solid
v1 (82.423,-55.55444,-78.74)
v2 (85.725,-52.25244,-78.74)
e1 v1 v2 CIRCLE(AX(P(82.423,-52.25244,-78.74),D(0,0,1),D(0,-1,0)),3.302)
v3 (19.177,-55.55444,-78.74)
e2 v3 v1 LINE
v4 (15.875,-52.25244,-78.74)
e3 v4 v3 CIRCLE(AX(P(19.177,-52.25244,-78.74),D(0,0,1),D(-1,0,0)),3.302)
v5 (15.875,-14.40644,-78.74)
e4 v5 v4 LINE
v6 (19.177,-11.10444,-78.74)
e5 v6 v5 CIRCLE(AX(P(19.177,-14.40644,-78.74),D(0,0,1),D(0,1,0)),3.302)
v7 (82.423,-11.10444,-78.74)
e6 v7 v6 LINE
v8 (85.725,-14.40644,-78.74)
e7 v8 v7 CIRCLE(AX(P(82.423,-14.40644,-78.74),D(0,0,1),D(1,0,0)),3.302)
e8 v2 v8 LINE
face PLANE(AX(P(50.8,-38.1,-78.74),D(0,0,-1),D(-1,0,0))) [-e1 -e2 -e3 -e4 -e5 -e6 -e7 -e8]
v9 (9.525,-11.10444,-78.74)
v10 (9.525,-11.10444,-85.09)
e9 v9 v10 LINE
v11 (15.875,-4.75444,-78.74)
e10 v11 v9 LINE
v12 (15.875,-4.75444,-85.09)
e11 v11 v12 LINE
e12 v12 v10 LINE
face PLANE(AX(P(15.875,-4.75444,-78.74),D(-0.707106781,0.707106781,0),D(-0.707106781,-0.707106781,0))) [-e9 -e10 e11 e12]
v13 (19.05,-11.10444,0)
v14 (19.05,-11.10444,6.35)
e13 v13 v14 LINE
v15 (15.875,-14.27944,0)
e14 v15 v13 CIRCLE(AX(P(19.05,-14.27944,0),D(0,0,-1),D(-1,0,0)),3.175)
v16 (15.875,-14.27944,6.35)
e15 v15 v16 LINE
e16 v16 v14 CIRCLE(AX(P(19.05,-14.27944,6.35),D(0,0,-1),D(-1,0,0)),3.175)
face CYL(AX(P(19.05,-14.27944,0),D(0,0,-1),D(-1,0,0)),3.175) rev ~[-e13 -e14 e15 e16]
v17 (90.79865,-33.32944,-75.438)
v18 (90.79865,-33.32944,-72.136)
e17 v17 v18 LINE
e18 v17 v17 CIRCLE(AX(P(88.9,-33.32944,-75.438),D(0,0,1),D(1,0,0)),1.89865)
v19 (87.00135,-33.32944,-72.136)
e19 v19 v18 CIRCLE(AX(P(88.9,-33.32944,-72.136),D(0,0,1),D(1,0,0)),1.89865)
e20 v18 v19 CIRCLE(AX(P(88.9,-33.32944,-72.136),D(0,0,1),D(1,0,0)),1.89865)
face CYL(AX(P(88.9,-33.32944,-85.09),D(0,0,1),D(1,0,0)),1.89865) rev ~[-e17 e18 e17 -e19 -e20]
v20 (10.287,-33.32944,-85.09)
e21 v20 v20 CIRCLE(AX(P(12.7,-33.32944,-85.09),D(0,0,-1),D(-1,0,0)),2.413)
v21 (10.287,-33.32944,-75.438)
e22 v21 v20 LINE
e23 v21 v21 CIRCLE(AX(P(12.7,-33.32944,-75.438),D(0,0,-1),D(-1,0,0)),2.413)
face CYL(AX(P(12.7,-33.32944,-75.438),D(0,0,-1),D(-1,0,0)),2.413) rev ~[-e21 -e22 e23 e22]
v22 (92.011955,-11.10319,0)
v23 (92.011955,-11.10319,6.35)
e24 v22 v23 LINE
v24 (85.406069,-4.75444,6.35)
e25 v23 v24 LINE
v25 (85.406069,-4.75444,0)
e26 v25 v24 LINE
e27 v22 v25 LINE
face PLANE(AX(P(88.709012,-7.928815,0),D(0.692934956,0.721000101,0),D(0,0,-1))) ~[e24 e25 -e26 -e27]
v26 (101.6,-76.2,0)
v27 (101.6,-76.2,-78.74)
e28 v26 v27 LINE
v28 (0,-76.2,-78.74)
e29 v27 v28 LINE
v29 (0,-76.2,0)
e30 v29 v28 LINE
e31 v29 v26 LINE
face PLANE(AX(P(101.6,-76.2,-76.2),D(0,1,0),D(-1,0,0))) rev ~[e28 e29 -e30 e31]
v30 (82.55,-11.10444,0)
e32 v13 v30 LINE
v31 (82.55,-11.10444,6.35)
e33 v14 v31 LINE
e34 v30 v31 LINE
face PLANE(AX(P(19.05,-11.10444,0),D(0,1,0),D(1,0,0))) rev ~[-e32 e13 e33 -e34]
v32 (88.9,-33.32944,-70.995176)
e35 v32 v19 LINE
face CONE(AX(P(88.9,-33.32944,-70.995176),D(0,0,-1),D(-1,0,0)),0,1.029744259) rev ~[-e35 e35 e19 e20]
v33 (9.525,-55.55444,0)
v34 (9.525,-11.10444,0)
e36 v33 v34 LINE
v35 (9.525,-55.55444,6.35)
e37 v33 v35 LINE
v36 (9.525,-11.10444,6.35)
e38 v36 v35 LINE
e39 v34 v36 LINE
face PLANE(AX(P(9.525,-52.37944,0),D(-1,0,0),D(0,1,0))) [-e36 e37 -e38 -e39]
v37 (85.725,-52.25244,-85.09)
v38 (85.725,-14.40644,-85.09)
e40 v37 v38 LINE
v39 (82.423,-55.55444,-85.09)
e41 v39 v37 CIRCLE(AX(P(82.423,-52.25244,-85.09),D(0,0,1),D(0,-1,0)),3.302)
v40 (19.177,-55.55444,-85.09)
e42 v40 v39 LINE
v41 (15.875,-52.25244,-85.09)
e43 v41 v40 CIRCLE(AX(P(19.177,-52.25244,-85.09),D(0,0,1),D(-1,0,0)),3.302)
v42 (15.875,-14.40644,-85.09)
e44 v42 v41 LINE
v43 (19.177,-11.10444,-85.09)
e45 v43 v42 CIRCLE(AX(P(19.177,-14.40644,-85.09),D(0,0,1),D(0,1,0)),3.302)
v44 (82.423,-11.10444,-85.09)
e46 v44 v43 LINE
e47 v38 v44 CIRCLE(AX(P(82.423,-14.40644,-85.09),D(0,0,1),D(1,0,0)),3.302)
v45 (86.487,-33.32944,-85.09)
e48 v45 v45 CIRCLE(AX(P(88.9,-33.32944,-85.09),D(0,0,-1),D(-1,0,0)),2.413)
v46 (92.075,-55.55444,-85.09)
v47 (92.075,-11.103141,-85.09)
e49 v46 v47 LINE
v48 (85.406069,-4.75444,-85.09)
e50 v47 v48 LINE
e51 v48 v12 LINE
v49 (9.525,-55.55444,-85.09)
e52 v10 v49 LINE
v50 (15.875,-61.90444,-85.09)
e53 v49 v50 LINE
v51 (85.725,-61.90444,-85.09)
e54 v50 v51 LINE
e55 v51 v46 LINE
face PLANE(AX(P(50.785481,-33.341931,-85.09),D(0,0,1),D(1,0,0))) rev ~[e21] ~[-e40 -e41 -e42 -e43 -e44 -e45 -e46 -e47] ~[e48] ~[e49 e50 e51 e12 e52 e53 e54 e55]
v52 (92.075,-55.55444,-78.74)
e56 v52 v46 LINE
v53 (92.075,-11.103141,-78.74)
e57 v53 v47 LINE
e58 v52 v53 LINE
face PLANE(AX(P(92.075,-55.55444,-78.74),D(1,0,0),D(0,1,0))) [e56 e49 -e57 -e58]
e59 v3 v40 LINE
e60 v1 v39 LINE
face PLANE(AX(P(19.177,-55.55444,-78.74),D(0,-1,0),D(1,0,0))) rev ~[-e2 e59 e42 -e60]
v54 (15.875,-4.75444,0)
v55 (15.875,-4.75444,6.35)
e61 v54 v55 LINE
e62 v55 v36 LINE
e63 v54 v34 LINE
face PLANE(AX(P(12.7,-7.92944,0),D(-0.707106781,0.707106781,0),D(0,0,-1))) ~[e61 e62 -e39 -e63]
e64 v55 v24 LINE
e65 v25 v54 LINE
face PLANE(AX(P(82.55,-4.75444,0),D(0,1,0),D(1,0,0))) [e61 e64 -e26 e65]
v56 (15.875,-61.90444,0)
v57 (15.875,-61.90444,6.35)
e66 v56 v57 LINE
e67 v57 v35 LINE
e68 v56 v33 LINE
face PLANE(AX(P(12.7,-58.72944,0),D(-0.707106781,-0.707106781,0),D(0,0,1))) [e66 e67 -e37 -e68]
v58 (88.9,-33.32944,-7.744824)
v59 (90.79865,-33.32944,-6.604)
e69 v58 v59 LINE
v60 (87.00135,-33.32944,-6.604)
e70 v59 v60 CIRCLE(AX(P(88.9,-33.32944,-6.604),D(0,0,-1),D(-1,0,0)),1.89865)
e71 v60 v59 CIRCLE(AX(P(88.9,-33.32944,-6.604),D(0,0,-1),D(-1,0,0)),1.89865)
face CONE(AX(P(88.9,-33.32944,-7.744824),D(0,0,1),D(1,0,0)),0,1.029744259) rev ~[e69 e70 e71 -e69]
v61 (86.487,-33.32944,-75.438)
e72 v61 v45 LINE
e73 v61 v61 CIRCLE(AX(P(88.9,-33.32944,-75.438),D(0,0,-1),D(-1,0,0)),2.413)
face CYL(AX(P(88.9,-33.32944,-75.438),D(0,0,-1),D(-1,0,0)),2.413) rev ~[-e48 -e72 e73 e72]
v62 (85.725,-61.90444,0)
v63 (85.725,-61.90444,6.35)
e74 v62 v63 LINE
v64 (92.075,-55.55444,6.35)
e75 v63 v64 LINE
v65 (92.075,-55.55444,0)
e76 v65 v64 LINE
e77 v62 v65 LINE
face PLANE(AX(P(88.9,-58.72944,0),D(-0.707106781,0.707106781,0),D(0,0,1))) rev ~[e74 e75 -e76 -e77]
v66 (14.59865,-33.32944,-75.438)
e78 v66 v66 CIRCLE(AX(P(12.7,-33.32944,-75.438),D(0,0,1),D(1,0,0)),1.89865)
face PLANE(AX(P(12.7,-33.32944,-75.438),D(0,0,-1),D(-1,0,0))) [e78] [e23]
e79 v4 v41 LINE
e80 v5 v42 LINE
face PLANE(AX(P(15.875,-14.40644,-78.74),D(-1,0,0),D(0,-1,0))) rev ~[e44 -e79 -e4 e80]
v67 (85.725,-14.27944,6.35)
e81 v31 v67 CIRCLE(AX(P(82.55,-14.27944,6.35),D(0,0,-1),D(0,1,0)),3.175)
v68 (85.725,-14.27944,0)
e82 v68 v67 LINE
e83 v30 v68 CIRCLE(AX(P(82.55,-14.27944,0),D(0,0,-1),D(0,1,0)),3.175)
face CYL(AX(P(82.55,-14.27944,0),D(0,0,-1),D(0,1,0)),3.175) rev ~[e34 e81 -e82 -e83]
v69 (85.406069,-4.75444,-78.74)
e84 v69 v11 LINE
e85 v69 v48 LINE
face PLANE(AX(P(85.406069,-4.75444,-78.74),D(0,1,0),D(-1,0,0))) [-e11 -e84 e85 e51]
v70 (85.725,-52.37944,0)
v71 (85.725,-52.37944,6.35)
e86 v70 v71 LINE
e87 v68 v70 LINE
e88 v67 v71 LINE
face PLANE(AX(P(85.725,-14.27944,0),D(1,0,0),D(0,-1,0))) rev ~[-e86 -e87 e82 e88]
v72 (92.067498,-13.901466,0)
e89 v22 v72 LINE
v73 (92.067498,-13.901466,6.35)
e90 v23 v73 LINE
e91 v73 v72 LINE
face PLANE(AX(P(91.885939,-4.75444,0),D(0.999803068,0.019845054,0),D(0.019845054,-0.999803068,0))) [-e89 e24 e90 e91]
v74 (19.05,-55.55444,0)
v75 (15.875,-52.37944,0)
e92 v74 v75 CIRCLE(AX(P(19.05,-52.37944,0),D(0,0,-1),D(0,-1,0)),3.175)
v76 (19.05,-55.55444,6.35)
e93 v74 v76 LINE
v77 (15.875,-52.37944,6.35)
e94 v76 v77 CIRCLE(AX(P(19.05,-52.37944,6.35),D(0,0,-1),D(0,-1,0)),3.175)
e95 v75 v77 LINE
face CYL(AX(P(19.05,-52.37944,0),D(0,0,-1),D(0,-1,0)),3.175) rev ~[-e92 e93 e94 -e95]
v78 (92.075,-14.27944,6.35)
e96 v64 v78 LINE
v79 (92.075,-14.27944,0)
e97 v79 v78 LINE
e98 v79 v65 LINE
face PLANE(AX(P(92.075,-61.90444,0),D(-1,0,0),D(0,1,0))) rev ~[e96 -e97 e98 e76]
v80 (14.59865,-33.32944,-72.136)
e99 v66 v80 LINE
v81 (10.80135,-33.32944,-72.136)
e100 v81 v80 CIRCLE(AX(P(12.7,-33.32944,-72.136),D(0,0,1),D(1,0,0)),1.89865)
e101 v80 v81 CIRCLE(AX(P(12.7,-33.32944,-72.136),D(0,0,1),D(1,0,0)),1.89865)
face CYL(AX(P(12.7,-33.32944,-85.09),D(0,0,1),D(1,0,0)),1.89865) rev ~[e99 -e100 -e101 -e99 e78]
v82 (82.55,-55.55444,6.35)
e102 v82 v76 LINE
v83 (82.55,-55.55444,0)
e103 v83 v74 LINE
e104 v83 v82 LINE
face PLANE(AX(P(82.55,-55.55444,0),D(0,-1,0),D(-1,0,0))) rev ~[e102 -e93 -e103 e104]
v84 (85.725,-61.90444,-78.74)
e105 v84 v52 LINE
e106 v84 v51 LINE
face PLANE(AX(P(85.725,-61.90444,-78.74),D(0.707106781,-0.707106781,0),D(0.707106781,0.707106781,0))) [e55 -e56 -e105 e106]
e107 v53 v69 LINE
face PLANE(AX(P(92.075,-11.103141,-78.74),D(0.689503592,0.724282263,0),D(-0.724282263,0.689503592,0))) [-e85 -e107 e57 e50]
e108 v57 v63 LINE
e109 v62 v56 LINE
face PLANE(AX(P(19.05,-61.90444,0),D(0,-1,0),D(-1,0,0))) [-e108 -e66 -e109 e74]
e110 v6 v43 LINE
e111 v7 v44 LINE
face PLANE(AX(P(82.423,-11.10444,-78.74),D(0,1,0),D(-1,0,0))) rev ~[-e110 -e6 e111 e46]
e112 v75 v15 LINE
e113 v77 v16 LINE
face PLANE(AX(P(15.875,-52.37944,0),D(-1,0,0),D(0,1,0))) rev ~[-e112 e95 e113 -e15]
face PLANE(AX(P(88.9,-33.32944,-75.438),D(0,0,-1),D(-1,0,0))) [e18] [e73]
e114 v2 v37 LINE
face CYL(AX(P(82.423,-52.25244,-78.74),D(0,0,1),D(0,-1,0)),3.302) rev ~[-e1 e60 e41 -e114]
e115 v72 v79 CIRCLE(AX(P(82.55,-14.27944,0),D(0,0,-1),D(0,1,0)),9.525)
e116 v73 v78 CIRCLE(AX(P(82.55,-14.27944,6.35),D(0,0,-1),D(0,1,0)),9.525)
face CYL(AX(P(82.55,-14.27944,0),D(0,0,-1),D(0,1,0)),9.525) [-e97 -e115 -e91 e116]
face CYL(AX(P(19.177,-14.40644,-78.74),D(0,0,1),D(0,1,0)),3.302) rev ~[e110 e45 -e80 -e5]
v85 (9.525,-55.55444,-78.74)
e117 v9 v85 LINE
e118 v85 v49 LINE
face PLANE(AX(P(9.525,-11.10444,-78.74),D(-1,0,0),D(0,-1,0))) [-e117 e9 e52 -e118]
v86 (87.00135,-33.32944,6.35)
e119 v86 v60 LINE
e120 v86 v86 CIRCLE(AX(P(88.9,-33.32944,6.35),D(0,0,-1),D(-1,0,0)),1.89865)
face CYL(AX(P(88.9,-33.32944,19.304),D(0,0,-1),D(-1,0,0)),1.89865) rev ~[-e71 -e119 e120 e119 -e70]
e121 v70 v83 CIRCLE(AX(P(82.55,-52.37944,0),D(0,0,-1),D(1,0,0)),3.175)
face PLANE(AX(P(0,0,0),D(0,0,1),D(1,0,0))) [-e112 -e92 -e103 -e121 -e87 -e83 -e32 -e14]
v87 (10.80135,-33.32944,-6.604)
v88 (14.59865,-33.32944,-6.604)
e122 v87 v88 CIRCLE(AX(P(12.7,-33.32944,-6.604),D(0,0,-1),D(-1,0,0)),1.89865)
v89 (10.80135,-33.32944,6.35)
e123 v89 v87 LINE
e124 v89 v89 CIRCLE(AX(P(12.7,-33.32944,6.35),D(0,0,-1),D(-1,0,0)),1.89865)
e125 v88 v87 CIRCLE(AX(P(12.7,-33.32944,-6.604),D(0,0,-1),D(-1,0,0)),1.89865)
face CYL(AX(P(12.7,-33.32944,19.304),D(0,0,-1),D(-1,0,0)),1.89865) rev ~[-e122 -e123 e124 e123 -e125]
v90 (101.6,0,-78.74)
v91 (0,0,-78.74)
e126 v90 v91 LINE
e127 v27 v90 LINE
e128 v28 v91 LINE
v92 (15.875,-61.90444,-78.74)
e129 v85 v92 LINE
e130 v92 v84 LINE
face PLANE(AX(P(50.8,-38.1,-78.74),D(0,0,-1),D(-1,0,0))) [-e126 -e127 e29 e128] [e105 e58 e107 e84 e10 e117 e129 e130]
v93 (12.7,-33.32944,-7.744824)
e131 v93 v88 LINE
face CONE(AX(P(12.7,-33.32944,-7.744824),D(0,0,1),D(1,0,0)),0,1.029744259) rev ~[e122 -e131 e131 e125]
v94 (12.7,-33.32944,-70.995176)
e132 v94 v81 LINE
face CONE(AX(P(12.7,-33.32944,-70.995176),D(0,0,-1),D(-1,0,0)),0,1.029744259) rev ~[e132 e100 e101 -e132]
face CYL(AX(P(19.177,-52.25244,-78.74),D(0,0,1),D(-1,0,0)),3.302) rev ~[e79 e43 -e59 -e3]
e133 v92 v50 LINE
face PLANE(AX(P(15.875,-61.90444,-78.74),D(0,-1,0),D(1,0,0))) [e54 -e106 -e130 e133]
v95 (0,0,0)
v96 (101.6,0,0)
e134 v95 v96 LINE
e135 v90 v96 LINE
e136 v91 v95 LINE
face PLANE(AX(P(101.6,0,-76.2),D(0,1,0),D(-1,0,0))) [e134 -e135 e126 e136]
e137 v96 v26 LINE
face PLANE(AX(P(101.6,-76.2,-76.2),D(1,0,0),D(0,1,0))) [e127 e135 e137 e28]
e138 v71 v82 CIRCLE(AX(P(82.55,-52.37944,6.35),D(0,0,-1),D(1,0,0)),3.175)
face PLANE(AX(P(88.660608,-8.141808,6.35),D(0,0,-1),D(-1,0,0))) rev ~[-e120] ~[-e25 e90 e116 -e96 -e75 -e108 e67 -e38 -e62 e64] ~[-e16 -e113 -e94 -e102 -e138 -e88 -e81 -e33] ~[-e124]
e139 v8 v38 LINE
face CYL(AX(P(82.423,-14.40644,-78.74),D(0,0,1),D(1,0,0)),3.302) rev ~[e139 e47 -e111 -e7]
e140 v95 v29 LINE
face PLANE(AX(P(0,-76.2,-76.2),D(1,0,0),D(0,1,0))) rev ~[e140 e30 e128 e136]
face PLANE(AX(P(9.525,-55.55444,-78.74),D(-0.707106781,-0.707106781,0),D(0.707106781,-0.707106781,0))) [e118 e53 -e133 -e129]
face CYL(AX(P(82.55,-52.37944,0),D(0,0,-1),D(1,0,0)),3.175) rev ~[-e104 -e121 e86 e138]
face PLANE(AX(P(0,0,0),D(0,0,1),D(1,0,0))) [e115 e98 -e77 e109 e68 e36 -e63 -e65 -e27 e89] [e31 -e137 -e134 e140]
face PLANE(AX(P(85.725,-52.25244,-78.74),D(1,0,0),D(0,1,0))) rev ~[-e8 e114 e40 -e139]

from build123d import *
from OCP.BRepFilletAPI import BRepFilletAPI_MakeChamfer

# Parameters (mm, degrees)
SKETCH1_W                        = 101.6
SKETCH1_H                        = 76.2
EXTRUDE1_DEPTH                   = 76.2
EXTRUDE2_DEPTH                   = 6.35
F_10_24_TAPPED_HOLE1_D           = 3.7973
F_10_24_TAPPED_HOLE1_DEPTH       = 12.954
F_10_24_TAPPED_HOLE1_TIP         = 1.140824014
EXTRUDE3_DEPTH                   = 6.35
CHAMFER1_SIZE                    = 6.35
CHAMFER1_SIZE2                   = 6.479869459
EXTRUDE4_DEPTH                   = 6.35
SKETCH8_W                        = 101.6
SKETCH8_H                        = 76.2
EXTRUDE5_DEPTH                   = 2.54
F_10_24_TAPPED_HOLE2_D           = 3.7973
F_10_24_TAPPED_HOLE2_DEPTH       = 12.954
F_10_24_TAPPED_HOLE2_CBORE_D     = 4.826
F_10_24_TAPPED_HOLE2_CBORE_DEPTH = 9.652
F_10_24_TAPPED_HOLE2_TIP         = 1.140824014


with BuildPart() as part:
    # Sketch1 → Extrude1 (new body)
    with BuildSketch(Plane(origin=(0, 0, 0), x_dir=(1, 0, 0), z_dir=(0, 1, 0))):
        with Locations((50.8, 38.1)):
            Rectangle(SKETCH1_W, SKETCH1_H)
    extrude(amount=-EXTRUDE1_DEPTH)

    # Sketch3 → Extrude2 (add)
    with BuildSketch(Plane.XY):
        with BuildLine():
            Line((19.05, -4.754440133), (82.55, -4.754440133))
            ThreePointArc((82.55, -4.754440133), (89.285192091, -7.544248042), (92.075, -14.279440133))
            Line((92.075, -14.279440133), (92.075, -52.379440133))
            ThreePointArc((92.075, -52.379440133), (89.285192091, -59.114632223), (82.55, -61.904440133))
            Line((82.55, -61.904440133), (19.05, -61.904440133))
            ThreePointArc((19.05, -61.904440133), (12.314807909, -59.114632223), (9.525, -52.379440133))
            Line((9.525, -52.379440133), (9.525, -14.279440133))
            ThreePointArc((9.525, -14.279440133), (12.314807909, -7.544248042), (19.05, -4.754440133))
        make_face()
        with BuildLine():
            Line((19.05, -11.104440133), (82.55, -11.104440133))
            ThreePointArc((82.55, -11.104440133), (84.79506403, -12.034376102), (85.725, -14.279440133))
            Line((85.725, -14.279440133), (85.725, -52.379440133))
            ThreePointArc((85.725, -52.379440133), (84.79506403, -54.624504163), (82.55, -55.554440133))
            Line((82.55, -55.554440133), (19.05, -55.554440133))
            ThreePointArc((19.05, -55.554440133), (16.80493597, -54.624504163), (15.875, -52.379440133))
            Line((15.875, -52.379440133), (15.875, -14.279440133))
            ThreePointArc((15.875, -14.279440133), (16.80493597, -12.034376102), (19.05, -11.104440133))
        make_face(mode=Mode.SUBTRACT)
    extrude(amount=EXTRUDE2_DEPTH)

    # #10-24 Tapped Hole1
    with Locations(Plane(origin=(12.7, -33.329440133, 6.35), x_dir=(1, 0, 0), z_dir=(0, 0, 1))):
        with Locations((0, 0), (76.2, 0)):
            Hole(F_10_24_TAPPED_HOLE1_D / 2, depth=F_10_24_TAPPED_HOLE1_DEPTH)
            with Locations((0, 0, -(F_10_24_TAPPED_HOLE1_DEPTH + F_10_24_TAPPED_HOLE1_TIP / 2))):  # 118° drill point
                Cone(0, F_10_24_TAPPED_HOLE1_D / 2, F_10_24_TAPPED_HOLE1_TIP, mode=Mode.SUBTRACT)

    # Sketch6 → Extrude3 (add)
    with BuildSketch(Plane.XY):
        Polygon((82.55, -4.754440133), (91.885938624, -4.754440133), (92.075, -14.279440133), align=None)
        Polygon((92.075, -52.379440133), (82.55, -61.904440133), (92.075, -61.904440133), align=None)
        Polygon((9.525, -14.279440133), (19.05, -4.754440133), (9.525, -4.754440133), align=None)
        Polygon((9.525, -52.379440133), (19.05, -61.904440133), (9.525, -61.904440133), align=None)
    extrude(amount=EXTRUDE3_DEPTH)

    # Chamfer1: one chamfer whose edges measure the first distance from different faces: ONE call of the kernel's chamfer builder (chamfer() names one face for all edges)
    chamfer1_edges_1 = [part.edges().sort_by_distance(p)[0] for p in [
        (92.075, -61.904440133, 3.175),
        (9.525, -61.904440133, 3.175),
        (9.525, -4.754440133, 3.175),
    ]]
    chamfer1_edges_2 = [part.edges().sort_by_distance(p)[0] for p in [
        (91.885938624, -4.754440133, 3.175),
    ]]
    chamfer1_side_2 = [part.faces().sort_by_distance(p)[0] for p in [
        (91.976718118, -9.327953214, 3.175),
    ]]
    chamfer1 = BRepFilletAPI_MakeChamfer(part.part.solid().wrapped)
    for e in chamfer1_edges_1:
        chamfer1.Add(CHAMFER1_SIZE, e.wrapped)
    for e in chamfer1_edges_2:
        chamfer1.Add(CHAMFER1_SIZE, CHAMFER1_SIZE2, e.wrapped, chamfer1_side_2[0].wrapped)  # the first distance lies on this face
    add(Compound.cast(chamfer1.Shape()), mode=Mode.REPLACE)



with BuildPart() as body_2:
    # Sketch7 → Extrude4 (new body)
    with BuildSketch(Plane(origin=(0, 0, -78.74), x_dir=(-1, 0, 0), z_dir=(0, 0, -1))):
        Polygon((-85.406069165, -4.754440133), (-15.875, -4.754440133), (-9.525, -11.104440133), (-9.525, -55.554440133), (-15.875, -61.904440133), (-85.725, -61.904440133), (-92.075, -55.554440133), (-92.075, -11.103141464), align=None)
        with BuildLine():
            Line((-15.875, -14.406440133), (-15.875, -52.252440133))
            ThreePointArc((-15.875, -52.252440133), (-16.842133409, -54.587306724), (-19.177, -55.554440133))
            Line((-19.177, -55.554440133), (-82.423, -55.554440133))
            ThreePointArc((-82.423, -55.554440133), (-84.757866591, -54.587306724), (-85.725, -52.252440133))
            Line((-85.725, -52.252440133), (-85.725, -14.406440133))
            ThreePointArc((-85.725, -14.406440133), (-84.757866591, -12.071573541), (-82.423, -11.104440133))
            Line((-82.423, -11.104440133), (-19.177, -11.104440133))
            ThreePointArc((-19.177, -11.104440133), (-16.842133409, -12.071573541), (-15.875, -14.406440133))
        make_face(mode=Mode.SUBTRACT)
    extrude(amount=EXTRUDE4_DEPTH)


with BuildPart() as part_1:
    add(part.part)

    add(body_2.part)  # Extrude5 merges body 2
    # Sketch8 → Extrude5 (add)
    with BuildSketch(Plane(origin=(0, 0, -76.2), x_dir=(-1, 0, 0), z_dir=(0, 0, -1))):
        with Locations((-50.8, -38.1)):
            Rectangle(SKETCH8_W, SKETCH8_H)
    extrude(amount=EXTRUDE5_DEPTH)

    # #10-24 Tapped Hole2
    with Locations(Plane(origin=(88.9, -33.329440133, -85.09), x_dir=(-1, 0, 0), z_dir=(0, 0, -1))):
        with Locations((0, 0), (76.2, 0)):
            CounterBoreHole(F_10_24_TAPPED_HOLE2_D / 2, F_10_24_TAPPED_HOLE2_CBORE_D / 2, F_10_24_TAPPED_HOLE2_CBORE_DEPTH, depth=F_10_24_TAPPED_HOLE2_DEPTH)
            with Locations((0, 0, -(F_10_24_TAPPED_HOLE2_DEPTH + F_10_24_TAPPED_HOLE2_TIP / 2))):  # 118° drill point
                Cone(0, F_10_24_TAPPED_HOLE2_D / 2, F_10_24_TAPPED_HOLE2_TIP, mode=Mode.SUBTRACT)


solid = part_1.part
